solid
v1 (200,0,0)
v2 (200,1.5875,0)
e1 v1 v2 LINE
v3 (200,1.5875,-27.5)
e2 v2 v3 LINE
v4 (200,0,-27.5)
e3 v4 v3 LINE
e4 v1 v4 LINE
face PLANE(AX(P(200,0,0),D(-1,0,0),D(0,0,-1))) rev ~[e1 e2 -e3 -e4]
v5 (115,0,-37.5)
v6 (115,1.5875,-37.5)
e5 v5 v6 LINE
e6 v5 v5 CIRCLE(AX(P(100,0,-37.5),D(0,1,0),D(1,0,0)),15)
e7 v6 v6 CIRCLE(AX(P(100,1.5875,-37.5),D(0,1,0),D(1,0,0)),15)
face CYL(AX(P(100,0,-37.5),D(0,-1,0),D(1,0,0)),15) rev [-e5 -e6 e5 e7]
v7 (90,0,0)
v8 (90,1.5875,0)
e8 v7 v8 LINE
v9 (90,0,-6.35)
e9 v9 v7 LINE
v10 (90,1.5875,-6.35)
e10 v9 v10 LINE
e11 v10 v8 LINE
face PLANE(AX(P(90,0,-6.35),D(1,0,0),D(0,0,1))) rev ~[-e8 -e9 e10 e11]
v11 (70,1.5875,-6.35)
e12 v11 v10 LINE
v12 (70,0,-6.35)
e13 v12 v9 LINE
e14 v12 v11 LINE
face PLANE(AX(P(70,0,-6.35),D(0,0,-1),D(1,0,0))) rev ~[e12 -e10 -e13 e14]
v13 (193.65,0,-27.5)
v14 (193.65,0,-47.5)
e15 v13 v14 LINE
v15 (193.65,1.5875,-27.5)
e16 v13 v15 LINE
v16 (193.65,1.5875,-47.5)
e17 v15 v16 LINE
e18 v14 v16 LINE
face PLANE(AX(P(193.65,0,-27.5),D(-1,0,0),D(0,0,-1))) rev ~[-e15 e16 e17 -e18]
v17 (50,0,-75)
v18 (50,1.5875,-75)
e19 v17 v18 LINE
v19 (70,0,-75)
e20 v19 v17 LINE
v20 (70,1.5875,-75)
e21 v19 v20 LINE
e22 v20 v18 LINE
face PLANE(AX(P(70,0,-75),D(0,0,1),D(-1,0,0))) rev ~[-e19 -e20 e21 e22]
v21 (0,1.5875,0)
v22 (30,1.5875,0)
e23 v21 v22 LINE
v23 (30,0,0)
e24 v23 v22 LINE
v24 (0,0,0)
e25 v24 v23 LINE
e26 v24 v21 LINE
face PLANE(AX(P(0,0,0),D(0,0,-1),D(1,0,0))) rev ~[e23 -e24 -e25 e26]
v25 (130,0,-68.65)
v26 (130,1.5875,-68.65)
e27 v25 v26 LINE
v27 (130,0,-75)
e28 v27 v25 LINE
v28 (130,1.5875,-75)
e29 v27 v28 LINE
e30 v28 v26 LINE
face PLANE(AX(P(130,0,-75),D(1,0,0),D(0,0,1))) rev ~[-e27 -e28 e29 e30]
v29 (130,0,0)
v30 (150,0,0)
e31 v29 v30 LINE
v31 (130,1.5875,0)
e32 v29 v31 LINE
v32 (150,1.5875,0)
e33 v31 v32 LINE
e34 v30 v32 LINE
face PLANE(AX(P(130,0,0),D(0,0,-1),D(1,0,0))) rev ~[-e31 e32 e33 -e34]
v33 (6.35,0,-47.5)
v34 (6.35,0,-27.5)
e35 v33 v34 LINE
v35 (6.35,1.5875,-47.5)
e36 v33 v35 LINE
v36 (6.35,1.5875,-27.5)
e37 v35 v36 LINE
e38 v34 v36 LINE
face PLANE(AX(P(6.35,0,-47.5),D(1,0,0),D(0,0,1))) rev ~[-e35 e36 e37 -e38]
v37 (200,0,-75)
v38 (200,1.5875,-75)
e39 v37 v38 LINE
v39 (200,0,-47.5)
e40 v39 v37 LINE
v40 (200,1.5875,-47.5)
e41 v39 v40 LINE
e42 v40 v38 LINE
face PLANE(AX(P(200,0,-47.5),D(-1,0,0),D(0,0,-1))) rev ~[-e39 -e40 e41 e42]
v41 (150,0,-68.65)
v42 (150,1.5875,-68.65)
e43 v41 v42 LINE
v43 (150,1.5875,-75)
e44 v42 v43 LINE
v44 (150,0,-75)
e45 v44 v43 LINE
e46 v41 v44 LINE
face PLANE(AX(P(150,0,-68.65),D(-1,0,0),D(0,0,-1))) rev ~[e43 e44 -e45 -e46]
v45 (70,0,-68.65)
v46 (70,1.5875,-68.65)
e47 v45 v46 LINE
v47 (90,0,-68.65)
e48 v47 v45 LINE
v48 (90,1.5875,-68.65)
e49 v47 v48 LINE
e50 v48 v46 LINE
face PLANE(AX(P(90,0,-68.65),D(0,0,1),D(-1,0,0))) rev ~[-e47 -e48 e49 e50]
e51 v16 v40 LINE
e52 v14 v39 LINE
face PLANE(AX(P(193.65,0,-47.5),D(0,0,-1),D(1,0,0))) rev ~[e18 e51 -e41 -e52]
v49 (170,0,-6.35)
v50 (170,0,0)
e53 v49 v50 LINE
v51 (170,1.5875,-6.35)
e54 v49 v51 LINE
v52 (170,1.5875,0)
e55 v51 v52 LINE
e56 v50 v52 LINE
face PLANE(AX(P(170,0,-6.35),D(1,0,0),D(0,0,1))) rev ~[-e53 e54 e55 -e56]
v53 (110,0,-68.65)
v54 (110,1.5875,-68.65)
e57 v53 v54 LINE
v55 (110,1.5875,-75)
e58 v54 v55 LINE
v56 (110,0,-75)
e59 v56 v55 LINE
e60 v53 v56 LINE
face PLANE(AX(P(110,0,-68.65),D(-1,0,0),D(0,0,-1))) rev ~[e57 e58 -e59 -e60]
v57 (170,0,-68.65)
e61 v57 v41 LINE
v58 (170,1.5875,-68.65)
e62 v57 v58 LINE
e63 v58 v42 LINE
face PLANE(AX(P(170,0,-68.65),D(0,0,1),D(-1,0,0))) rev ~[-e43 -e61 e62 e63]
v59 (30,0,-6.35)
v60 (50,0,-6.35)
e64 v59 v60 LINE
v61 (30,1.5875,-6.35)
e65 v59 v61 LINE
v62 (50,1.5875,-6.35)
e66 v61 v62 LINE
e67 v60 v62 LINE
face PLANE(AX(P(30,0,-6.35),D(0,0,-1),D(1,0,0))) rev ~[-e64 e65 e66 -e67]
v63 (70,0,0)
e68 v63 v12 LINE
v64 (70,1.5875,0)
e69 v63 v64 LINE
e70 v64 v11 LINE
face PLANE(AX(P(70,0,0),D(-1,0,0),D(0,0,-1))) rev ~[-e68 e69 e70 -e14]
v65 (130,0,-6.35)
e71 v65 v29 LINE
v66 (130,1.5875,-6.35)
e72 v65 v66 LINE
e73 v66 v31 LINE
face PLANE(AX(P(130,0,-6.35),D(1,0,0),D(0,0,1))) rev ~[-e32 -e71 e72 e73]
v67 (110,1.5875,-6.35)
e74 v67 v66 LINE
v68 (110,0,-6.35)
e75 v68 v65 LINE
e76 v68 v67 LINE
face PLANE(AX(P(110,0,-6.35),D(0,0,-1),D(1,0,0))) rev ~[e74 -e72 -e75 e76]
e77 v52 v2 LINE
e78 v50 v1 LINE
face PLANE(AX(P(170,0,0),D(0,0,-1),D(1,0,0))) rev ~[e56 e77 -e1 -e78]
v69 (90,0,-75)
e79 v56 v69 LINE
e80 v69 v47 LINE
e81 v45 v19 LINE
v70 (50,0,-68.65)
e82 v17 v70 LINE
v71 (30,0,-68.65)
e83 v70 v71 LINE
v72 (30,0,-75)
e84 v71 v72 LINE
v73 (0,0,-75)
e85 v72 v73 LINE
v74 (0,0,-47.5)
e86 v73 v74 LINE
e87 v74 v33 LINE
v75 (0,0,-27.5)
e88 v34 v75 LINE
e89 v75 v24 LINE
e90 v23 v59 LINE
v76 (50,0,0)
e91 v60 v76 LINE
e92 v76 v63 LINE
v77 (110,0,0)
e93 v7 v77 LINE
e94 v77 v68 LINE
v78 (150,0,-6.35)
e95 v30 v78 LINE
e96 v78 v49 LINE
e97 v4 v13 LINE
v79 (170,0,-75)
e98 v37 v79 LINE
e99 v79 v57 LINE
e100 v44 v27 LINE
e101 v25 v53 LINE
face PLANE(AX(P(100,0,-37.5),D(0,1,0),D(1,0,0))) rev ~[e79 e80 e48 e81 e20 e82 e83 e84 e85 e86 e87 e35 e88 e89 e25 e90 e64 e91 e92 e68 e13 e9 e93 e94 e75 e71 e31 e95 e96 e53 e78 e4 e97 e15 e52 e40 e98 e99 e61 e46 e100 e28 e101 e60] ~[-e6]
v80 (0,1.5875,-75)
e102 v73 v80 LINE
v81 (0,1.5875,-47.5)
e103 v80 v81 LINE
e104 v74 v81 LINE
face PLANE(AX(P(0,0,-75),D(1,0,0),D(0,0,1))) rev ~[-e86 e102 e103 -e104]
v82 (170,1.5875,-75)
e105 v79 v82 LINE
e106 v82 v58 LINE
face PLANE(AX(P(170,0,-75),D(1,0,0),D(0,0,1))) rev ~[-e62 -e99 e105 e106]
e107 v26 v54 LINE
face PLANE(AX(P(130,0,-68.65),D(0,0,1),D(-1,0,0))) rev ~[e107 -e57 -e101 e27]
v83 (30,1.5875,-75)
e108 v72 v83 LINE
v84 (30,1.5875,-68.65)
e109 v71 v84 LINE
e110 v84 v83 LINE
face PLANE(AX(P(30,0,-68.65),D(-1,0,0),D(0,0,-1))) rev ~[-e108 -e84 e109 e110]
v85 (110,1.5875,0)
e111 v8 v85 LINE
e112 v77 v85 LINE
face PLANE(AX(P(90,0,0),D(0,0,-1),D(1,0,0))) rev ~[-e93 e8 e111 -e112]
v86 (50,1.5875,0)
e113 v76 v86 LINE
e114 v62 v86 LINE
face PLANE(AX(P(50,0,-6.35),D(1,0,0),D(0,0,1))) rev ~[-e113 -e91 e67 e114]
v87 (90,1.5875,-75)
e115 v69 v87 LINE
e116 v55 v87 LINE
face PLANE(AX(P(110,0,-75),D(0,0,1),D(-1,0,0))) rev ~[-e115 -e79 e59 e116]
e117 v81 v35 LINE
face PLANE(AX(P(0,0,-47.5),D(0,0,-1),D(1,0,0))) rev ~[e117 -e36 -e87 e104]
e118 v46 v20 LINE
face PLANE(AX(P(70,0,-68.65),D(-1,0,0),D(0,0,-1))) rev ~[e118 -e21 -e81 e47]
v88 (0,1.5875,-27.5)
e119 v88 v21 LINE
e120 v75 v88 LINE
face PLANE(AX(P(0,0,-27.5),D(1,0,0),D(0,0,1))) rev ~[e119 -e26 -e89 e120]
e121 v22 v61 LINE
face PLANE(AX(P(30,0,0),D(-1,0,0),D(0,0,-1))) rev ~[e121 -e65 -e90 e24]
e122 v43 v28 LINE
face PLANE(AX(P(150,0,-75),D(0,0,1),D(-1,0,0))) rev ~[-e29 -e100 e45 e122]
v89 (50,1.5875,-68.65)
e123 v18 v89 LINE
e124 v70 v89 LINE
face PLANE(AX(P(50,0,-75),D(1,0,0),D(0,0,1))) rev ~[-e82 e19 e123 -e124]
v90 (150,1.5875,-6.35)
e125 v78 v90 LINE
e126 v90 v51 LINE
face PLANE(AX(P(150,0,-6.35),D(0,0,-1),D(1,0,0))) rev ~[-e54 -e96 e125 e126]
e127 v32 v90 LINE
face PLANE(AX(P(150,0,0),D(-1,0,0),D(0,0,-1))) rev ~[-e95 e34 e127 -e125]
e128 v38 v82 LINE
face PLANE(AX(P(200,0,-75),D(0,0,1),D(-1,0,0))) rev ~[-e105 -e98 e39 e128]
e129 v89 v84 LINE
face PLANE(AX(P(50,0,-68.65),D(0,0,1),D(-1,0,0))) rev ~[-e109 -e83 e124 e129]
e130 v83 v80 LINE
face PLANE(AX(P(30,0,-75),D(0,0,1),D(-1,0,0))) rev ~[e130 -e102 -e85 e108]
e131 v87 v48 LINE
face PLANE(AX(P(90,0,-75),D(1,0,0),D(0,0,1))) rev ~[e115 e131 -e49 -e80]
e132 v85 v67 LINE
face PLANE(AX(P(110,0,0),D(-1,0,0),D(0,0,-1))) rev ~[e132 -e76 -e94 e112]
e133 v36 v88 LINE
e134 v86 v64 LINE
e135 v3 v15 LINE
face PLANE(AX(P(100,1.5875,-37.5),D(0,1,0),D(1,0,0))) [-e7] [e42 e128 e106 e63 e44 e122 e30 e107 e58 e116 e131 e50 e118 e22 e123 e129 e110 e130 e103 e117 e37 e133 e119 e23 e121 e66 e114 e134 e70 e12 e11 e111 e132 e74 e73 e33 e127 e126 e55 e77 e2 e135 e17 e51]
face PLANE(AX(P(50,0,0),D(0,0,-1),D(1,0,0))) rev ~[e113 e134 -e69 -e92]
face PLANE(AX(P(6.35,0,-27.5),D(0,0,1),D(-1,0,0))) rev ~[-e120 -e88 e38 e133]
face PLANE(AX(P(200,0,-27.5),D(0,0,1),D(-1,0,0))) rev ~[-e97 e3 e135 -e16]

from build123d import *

# Parameters (mm, degrees)
SKETCH1_R           = 15
BOSS_EXTRUDE1_DEPTH = 1.5875


with BuildPart() as part:
    # Sketch1 → Boss-Extrude1 (new body)
    with BuildSketch(Plane(origin=(0, 0, 0), x_dir=(1, 0, 0), z_dir=(0, 1, 0))):
        Polygon((0, 27.5), (0, 0), (30, 0), (30, 6.35), (50, 6.35), (50, 0), (70, 0), (70, 6.35), (90, 6.35), (90, 0), (110, 0), (110, 6.35), (130, 6.35), (130, 0), (150, 0), (150, 6.35), (170, 6.35), (170, 0), (200, 0), (200, 27.5), (193.65, 27.5), (193.65, 47.5), (200, 47.5), (200, 75), (170, 75), (170, 68.65), (150, 68.65), (150, 75), (130, 75), (130, 68.65), (110, 68.65), (110, 75), (90, 75), (90, 68.65), (70, 68.65), (70, 75), (50, 75), (50, 68.65), (30, 68.65), (30, 75), (0, 75), (0, 47.5), (6.35, 47.5), (6.35, 27.5), align=None)
        with Locations((100, 37.5)):
            Circle(SKETCH1_R, mode=Mode.SUBTRACT)
    extrude(amount=BOSS_EXTRUDE1_DEPTH)


solid = part.part
